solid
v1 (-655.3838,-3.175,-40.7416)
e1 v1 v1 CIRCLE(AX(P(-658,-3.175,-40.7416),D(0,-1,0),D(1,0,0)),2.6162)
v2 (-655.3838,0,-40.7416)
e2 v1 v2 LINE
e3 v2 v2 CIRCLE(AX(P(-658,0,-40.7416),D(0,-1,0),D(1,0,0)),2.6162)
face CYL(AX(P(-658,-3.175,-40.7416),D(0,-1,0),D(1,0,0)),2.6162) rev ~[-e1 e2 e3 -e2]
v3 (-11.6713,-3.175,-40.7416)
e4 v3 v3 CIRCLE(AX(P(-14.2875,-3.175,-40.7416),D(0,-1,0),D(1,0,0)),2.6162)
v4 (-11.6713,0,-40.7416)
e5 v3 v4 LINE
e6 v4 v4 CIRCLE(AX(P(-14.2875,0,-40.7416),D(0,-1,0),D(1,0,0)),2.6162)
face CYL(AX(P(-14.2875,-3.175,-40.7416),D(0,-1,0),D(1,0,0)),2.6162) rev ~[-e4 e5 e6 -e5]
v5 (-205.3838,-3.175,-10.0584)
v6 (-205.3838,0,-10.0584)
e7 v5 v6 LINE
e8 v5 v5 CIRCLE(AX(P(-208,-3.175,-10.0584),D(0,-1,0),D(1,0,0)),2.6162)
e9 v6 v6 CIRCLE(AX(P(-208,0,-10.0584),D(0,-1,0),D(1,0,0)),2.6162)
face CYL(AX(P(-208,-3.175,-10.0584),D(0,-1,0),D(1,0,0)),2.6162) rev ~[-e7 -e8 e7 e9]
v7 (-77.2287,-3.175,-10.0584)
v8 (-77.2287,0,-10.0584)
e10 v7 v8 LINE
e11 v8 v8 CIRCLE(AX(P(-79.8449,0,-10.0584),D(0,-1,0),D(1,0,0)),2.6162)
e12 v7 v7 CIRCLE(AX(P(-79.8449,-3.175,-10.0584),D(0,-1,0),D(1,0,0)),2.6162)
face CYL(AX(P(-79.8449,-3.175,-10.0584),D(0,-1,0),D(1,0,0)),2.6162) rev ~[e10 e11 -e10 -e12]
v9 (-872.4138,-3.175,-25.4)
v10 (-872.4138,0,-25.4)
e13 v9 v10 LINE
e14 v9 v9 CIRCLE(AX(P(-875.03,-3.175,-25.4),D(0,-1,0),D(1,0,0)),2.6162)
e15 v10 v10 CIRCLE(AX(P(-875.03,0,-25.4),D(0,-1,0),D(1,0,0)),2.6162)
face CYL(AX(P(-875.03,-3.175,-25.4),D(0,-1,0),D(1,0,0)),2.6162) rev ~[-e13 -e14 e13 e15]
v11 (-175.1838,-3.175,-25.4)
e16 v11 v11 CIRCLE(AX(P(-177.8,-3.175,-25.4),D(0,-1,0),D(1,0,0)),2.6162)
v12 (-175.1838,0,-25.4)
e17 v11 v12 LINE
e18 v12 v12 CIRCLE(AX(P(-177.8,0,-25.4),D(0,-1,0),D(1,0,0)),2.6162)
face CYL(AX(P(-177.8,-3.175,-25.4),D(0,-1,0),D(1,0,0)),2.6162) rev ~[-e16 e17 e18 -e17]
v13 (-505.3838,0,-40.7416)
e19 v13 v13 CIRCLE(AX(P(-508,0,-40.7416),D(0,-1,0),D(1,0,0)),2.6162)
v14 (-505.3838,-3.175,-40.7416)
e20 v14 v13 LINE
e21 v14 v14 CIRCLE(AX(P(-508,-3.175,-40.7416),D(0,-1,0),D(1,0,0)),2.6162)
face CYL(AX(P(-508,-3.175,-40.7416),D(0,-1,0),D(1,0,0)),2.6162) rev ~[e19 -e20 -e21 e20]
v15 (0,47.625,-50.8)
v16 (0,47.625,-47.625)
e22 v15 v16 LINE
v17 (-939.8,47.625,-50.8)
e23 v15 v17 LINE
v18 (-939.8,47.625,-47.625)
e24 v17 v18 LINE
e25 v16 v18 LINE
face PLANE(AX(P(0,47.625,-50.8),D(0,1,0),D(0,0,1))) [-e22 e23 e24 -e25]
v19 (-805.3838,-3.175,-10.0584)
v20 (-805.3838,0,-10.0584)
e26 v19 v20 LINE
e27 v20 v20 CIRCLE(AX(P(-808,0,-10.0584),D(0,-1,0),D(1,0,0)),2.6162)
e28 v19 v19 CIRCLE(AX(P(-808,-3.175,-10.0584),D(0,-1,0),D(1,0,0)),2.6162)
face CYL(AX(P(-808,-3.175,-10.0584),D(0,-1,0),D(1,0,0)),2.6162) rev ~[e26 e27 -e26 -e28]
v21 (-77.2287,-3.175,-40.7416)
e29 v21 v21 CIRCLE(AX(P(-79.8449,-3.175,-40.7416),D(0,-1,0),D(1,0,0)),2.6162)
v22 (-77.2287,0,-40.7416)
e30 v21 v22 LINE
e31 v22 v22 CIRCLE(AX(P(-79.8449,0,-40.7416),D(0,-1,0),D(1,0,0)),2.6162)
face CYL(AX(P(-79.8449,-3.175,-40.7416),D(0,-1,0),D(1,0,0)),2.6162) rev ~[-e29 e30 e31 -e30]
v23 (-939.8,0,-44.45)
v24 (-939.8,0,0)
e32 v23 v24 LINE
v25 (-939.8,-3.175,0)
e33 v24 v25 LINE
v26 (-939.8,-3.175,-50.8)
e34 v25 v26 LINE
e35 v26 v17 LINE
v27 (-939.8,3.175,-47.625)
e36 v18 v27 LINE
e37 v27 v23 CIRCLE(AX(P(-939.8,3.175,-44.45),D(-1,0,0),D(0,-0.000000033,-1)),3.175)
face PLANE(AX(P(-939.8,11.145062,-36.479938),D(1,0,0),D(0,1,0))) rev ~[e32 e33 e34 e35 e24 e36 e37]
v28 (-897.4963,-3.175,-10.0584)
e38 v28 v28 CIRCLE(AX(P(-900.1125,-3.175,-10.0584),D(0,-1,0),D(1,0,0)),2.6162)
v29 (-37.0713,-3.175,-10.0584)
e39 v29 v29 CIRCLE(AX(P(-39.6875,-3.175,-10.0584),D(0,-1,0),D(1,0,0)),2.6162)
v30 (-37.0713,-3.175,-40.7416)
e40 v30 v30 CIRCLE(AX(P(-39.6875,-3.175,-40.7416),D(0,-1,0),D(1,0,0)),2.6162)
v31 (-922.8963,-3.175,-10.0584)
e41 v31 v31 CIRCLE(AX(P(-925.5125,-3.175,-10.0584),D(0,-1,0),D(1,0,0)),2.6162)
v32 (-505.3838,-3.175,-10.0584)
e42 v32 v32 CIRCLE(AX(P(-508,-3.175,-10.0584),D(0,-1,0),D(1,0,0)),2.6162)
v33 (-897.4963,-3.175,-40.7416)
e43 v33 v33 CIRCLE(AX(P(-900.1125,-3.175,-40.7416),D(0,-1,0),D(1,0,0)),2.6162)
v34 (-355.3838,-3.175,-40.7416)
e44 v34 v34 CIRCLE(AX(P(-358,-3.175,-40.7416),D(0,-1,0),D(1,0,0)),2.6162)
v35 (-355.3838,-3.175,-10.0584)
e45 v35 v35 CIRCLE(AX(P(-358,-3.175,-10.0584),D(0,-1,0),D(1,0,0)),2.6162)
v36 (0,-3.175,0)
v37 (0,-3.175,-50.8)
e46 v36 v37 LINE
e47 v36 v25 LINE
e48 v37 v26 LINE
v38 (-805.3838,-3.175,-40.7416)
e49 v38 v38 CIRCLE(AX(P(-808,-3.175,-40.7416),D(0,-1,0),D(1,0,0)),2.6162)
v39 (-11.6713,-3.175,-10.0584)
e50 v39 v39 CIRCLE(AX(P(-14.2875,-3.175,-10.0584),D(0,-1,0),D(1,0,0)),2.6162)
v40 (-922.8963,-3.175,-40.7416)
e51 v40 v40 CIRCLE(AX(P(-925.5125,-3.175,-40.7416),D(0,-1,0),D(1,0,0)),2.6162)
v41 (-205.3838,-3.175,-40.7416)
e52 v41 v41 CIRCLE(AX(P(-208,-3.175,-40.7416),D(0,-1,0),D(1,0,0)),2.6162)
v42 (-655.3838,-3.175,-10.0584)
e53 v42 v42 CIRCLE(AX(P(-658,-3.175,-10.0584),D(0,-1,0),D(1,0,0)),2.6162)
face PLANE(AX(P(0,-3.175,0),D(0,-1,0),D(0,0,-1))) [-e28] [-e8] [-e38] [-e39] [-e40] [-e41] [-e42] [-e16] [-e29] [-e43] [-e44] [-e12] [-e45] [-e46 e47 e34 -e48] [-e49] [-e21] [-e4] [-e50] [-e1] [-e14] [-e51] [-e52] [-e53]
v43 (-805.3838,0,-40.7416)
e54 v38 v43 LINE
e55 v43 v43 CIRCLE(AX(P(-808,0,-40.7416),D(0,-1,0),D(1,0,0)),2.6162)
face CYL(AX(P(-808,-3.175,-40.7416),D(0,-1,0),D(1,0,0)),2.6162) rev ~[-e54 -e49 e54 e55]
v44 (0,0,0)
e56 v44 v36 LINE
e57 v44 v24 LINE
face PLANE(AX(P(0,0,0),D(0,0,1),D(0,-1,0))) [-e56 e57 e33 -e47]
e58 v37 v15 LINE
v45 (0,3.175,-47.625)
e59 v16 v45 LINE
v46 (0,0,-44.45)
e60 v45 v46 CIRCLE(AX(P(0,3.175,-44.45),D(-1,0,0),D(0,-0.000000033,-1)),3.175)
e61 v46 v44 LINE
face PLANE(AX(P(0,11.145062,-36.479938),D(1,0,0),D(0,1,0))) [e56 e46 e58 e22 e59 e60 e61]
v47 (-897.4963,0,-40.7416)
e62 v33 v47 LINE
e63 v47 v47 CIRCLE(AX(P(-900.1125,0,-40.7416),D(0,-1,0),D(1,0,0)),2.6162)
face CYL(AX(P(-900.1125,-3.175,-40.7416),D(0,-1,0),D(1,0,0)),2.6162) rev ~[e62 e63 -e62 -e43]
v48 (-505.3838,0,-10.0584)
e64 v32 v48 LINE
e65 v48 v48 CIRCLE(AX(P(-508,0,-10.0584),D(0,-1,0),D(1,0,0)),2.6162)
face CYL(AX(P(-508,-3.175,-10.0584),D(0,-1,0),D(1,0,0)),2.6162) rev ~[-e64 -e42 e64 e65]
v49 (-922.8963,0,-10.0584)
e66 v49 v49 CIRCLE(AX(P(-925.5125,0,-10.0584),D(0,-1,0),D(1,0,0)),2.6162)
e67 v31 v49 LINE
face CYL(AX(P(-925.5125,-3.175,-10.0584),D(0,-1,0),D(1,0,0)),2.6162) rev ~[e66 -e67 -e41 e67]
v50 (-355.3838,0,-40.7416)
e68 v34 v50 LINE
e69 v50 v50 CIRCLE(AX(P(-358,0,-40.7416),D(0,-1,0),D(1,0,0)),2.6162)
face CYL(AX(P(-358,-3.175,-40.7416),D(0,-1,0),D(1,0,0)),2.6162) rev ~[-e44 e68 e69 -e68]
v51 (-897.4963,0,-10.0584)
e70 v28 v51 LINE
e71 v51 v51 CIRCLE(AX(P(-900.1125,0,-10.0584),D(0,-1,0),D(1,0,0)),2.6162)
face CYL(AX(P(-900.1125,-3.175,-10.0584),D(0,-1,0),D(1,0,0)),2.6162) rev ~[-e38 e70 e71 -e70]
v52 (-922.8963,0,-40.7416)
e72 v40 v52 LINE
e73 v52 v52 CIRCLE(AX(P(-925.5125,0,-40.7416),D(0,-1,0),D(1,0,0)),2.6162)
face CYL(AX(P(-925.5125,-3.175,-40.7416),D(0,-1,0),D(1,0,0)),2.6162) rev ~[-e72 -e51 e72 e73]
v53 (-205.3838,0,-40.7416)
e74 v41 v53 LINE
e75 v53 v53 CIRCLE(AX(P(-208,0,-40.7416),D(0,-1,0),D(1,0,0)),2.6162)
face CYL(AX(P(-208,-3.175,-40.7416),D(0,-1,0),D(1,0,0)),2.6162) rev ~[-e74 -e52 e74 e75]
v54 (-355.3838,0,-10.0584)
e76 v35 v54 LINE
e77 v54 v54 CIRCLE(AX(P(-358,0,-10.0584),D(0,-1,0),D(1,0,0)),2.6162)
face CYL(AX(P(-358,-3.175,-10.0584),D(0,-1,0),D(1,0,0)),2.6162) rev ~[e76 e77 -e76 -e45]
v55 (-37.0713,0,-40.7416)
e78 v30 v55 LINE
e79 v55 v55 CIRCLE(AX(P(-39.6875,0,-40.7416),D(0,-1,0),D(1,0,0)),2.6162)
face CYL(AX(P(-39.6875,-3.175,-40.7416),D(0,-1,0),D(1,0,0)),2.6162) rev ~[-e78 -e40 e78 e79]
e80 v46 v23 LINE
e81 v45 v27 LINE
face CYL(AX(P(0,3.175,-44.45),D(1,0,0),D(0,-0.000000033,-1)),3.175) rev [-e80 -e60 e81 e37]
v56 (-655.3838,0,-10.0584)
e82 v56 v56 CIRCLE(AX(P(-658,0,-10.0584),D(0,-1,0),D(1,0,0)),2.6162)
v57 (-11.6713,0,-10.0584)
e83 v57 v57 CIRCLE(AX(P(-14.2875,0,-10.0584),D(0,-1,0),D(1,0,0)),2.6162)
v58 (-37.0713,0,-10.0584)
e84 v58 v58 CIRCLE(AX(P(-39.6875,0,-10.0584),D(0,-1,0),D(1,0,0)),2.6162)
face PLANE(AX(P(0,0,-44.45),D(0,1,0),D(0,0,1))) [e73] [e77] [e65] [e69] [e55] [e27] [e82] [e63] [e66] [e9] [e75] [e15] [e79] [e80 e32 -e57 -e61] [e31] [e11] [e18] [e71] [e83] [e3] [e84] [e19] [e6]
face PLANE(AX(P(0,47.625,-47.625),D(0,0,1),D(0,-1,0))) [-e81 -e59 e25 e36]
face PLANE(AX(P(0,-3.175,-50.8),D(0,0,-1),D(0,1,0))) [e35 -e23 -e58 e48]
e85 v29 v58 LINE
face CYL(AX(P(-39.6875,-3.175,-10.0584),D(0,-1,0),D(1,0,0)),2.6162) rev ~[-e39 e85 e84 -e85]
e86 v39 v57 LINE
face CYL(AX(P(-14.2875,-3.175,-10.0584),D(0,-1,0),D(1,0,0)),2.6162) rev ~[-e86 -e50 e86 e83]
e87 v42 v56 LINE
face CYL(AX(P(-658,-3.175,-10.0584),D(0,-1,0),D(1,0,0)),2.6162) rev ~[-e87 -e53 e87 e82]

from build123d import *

# Parameters (mm, degrees)
F1_DEPTH = 939.8
F2_R     = 2.6162
F3_DEPTH = 50.801


with BuildPart() as f1:
    # F0 (on Right) → F1 (new body)
    with BuildSketch(Plane.YZ):
        with BuildLine():
            Line((0, -44.45), (0, 0))
            Line((0, 0), (-3.175, 0))
            Line((-3.175, 0), (-3.175, -50.8))
            Line((-3.175, -50.8), (47.625, -50.8))
            Line((47.625, -50.8), (47.625, -47.625))
            Line((47.625, -47.625), (3.175, -47.625))
            ThreePointArc((3.175, -47.625), (0.929936, -46.695064), (0, -44.45))
        make_face()
    extrude(amount=-F1_DEPTH)

    # F2 (on face) → F3 (cut, through all)
    with BuildSketch(Plane.XZ.offset(3.175)):
        with Locations((-14.2875, -40.7416)):
            Circle(F2_R)
        with Locations((-14.2875, -10.0584)):
            Circle(F2_R)
        with Locations((-925.5125, -40.7416)):
            Circle(F2_R)
        with Locations((-925.5125, -10.0584)):
            Circle(F2_R)
        with Locations((-508, -10.0584)):
            Circle(F2_R)
        with Locations((-508, -40.7416)):
            Circle(F2_R)
        with Locations((-875.03, -25.4)):
            Circle(F2_R)
        with Locations((-177.8, -25.4)):
            Circle(F2_R)
        with Locations((-39.6875, -40.7416)):
            Circle(F2_R)
        with Locations((-39.6875, -10.0584)):
            Circle(F2_R)
        with Locations((-900.1125, -10.0584)):
            Circle(F2_R)
        with Locations((-900.1125, -40.7416)):
            Circle(F2_R)
        with Locations((-79.8449, -40.7416)):
            Circle(F2_R)
        with Locations((-79.8449, -10.0584)):
            Circle(F2_R)
        with Locations((-808, -10.0584)):
            Circle(F2_R)
        with Locations((-808, -40.7416)):
            Circle(F2_R)
        with Locations((-658, -10.0584)):
            Circle(F2_R)
        with Locations((-658, -40.7416)):
            Circle(F2_R)
        with Locations((-358, -10.0584)):
            Circle(F2_R)
        with Locations((-358, -40.7416)):
            Circle(F2_R)
        with Locations((-208, -10.0584)):
            Circle(F2_R)
        with Locations((-208, -40.7416)):
            Circle(F2_R)
    extrude(amount=-F3_DEPTH, mode=Mode.SUBTRACT)


solid = f1.part
